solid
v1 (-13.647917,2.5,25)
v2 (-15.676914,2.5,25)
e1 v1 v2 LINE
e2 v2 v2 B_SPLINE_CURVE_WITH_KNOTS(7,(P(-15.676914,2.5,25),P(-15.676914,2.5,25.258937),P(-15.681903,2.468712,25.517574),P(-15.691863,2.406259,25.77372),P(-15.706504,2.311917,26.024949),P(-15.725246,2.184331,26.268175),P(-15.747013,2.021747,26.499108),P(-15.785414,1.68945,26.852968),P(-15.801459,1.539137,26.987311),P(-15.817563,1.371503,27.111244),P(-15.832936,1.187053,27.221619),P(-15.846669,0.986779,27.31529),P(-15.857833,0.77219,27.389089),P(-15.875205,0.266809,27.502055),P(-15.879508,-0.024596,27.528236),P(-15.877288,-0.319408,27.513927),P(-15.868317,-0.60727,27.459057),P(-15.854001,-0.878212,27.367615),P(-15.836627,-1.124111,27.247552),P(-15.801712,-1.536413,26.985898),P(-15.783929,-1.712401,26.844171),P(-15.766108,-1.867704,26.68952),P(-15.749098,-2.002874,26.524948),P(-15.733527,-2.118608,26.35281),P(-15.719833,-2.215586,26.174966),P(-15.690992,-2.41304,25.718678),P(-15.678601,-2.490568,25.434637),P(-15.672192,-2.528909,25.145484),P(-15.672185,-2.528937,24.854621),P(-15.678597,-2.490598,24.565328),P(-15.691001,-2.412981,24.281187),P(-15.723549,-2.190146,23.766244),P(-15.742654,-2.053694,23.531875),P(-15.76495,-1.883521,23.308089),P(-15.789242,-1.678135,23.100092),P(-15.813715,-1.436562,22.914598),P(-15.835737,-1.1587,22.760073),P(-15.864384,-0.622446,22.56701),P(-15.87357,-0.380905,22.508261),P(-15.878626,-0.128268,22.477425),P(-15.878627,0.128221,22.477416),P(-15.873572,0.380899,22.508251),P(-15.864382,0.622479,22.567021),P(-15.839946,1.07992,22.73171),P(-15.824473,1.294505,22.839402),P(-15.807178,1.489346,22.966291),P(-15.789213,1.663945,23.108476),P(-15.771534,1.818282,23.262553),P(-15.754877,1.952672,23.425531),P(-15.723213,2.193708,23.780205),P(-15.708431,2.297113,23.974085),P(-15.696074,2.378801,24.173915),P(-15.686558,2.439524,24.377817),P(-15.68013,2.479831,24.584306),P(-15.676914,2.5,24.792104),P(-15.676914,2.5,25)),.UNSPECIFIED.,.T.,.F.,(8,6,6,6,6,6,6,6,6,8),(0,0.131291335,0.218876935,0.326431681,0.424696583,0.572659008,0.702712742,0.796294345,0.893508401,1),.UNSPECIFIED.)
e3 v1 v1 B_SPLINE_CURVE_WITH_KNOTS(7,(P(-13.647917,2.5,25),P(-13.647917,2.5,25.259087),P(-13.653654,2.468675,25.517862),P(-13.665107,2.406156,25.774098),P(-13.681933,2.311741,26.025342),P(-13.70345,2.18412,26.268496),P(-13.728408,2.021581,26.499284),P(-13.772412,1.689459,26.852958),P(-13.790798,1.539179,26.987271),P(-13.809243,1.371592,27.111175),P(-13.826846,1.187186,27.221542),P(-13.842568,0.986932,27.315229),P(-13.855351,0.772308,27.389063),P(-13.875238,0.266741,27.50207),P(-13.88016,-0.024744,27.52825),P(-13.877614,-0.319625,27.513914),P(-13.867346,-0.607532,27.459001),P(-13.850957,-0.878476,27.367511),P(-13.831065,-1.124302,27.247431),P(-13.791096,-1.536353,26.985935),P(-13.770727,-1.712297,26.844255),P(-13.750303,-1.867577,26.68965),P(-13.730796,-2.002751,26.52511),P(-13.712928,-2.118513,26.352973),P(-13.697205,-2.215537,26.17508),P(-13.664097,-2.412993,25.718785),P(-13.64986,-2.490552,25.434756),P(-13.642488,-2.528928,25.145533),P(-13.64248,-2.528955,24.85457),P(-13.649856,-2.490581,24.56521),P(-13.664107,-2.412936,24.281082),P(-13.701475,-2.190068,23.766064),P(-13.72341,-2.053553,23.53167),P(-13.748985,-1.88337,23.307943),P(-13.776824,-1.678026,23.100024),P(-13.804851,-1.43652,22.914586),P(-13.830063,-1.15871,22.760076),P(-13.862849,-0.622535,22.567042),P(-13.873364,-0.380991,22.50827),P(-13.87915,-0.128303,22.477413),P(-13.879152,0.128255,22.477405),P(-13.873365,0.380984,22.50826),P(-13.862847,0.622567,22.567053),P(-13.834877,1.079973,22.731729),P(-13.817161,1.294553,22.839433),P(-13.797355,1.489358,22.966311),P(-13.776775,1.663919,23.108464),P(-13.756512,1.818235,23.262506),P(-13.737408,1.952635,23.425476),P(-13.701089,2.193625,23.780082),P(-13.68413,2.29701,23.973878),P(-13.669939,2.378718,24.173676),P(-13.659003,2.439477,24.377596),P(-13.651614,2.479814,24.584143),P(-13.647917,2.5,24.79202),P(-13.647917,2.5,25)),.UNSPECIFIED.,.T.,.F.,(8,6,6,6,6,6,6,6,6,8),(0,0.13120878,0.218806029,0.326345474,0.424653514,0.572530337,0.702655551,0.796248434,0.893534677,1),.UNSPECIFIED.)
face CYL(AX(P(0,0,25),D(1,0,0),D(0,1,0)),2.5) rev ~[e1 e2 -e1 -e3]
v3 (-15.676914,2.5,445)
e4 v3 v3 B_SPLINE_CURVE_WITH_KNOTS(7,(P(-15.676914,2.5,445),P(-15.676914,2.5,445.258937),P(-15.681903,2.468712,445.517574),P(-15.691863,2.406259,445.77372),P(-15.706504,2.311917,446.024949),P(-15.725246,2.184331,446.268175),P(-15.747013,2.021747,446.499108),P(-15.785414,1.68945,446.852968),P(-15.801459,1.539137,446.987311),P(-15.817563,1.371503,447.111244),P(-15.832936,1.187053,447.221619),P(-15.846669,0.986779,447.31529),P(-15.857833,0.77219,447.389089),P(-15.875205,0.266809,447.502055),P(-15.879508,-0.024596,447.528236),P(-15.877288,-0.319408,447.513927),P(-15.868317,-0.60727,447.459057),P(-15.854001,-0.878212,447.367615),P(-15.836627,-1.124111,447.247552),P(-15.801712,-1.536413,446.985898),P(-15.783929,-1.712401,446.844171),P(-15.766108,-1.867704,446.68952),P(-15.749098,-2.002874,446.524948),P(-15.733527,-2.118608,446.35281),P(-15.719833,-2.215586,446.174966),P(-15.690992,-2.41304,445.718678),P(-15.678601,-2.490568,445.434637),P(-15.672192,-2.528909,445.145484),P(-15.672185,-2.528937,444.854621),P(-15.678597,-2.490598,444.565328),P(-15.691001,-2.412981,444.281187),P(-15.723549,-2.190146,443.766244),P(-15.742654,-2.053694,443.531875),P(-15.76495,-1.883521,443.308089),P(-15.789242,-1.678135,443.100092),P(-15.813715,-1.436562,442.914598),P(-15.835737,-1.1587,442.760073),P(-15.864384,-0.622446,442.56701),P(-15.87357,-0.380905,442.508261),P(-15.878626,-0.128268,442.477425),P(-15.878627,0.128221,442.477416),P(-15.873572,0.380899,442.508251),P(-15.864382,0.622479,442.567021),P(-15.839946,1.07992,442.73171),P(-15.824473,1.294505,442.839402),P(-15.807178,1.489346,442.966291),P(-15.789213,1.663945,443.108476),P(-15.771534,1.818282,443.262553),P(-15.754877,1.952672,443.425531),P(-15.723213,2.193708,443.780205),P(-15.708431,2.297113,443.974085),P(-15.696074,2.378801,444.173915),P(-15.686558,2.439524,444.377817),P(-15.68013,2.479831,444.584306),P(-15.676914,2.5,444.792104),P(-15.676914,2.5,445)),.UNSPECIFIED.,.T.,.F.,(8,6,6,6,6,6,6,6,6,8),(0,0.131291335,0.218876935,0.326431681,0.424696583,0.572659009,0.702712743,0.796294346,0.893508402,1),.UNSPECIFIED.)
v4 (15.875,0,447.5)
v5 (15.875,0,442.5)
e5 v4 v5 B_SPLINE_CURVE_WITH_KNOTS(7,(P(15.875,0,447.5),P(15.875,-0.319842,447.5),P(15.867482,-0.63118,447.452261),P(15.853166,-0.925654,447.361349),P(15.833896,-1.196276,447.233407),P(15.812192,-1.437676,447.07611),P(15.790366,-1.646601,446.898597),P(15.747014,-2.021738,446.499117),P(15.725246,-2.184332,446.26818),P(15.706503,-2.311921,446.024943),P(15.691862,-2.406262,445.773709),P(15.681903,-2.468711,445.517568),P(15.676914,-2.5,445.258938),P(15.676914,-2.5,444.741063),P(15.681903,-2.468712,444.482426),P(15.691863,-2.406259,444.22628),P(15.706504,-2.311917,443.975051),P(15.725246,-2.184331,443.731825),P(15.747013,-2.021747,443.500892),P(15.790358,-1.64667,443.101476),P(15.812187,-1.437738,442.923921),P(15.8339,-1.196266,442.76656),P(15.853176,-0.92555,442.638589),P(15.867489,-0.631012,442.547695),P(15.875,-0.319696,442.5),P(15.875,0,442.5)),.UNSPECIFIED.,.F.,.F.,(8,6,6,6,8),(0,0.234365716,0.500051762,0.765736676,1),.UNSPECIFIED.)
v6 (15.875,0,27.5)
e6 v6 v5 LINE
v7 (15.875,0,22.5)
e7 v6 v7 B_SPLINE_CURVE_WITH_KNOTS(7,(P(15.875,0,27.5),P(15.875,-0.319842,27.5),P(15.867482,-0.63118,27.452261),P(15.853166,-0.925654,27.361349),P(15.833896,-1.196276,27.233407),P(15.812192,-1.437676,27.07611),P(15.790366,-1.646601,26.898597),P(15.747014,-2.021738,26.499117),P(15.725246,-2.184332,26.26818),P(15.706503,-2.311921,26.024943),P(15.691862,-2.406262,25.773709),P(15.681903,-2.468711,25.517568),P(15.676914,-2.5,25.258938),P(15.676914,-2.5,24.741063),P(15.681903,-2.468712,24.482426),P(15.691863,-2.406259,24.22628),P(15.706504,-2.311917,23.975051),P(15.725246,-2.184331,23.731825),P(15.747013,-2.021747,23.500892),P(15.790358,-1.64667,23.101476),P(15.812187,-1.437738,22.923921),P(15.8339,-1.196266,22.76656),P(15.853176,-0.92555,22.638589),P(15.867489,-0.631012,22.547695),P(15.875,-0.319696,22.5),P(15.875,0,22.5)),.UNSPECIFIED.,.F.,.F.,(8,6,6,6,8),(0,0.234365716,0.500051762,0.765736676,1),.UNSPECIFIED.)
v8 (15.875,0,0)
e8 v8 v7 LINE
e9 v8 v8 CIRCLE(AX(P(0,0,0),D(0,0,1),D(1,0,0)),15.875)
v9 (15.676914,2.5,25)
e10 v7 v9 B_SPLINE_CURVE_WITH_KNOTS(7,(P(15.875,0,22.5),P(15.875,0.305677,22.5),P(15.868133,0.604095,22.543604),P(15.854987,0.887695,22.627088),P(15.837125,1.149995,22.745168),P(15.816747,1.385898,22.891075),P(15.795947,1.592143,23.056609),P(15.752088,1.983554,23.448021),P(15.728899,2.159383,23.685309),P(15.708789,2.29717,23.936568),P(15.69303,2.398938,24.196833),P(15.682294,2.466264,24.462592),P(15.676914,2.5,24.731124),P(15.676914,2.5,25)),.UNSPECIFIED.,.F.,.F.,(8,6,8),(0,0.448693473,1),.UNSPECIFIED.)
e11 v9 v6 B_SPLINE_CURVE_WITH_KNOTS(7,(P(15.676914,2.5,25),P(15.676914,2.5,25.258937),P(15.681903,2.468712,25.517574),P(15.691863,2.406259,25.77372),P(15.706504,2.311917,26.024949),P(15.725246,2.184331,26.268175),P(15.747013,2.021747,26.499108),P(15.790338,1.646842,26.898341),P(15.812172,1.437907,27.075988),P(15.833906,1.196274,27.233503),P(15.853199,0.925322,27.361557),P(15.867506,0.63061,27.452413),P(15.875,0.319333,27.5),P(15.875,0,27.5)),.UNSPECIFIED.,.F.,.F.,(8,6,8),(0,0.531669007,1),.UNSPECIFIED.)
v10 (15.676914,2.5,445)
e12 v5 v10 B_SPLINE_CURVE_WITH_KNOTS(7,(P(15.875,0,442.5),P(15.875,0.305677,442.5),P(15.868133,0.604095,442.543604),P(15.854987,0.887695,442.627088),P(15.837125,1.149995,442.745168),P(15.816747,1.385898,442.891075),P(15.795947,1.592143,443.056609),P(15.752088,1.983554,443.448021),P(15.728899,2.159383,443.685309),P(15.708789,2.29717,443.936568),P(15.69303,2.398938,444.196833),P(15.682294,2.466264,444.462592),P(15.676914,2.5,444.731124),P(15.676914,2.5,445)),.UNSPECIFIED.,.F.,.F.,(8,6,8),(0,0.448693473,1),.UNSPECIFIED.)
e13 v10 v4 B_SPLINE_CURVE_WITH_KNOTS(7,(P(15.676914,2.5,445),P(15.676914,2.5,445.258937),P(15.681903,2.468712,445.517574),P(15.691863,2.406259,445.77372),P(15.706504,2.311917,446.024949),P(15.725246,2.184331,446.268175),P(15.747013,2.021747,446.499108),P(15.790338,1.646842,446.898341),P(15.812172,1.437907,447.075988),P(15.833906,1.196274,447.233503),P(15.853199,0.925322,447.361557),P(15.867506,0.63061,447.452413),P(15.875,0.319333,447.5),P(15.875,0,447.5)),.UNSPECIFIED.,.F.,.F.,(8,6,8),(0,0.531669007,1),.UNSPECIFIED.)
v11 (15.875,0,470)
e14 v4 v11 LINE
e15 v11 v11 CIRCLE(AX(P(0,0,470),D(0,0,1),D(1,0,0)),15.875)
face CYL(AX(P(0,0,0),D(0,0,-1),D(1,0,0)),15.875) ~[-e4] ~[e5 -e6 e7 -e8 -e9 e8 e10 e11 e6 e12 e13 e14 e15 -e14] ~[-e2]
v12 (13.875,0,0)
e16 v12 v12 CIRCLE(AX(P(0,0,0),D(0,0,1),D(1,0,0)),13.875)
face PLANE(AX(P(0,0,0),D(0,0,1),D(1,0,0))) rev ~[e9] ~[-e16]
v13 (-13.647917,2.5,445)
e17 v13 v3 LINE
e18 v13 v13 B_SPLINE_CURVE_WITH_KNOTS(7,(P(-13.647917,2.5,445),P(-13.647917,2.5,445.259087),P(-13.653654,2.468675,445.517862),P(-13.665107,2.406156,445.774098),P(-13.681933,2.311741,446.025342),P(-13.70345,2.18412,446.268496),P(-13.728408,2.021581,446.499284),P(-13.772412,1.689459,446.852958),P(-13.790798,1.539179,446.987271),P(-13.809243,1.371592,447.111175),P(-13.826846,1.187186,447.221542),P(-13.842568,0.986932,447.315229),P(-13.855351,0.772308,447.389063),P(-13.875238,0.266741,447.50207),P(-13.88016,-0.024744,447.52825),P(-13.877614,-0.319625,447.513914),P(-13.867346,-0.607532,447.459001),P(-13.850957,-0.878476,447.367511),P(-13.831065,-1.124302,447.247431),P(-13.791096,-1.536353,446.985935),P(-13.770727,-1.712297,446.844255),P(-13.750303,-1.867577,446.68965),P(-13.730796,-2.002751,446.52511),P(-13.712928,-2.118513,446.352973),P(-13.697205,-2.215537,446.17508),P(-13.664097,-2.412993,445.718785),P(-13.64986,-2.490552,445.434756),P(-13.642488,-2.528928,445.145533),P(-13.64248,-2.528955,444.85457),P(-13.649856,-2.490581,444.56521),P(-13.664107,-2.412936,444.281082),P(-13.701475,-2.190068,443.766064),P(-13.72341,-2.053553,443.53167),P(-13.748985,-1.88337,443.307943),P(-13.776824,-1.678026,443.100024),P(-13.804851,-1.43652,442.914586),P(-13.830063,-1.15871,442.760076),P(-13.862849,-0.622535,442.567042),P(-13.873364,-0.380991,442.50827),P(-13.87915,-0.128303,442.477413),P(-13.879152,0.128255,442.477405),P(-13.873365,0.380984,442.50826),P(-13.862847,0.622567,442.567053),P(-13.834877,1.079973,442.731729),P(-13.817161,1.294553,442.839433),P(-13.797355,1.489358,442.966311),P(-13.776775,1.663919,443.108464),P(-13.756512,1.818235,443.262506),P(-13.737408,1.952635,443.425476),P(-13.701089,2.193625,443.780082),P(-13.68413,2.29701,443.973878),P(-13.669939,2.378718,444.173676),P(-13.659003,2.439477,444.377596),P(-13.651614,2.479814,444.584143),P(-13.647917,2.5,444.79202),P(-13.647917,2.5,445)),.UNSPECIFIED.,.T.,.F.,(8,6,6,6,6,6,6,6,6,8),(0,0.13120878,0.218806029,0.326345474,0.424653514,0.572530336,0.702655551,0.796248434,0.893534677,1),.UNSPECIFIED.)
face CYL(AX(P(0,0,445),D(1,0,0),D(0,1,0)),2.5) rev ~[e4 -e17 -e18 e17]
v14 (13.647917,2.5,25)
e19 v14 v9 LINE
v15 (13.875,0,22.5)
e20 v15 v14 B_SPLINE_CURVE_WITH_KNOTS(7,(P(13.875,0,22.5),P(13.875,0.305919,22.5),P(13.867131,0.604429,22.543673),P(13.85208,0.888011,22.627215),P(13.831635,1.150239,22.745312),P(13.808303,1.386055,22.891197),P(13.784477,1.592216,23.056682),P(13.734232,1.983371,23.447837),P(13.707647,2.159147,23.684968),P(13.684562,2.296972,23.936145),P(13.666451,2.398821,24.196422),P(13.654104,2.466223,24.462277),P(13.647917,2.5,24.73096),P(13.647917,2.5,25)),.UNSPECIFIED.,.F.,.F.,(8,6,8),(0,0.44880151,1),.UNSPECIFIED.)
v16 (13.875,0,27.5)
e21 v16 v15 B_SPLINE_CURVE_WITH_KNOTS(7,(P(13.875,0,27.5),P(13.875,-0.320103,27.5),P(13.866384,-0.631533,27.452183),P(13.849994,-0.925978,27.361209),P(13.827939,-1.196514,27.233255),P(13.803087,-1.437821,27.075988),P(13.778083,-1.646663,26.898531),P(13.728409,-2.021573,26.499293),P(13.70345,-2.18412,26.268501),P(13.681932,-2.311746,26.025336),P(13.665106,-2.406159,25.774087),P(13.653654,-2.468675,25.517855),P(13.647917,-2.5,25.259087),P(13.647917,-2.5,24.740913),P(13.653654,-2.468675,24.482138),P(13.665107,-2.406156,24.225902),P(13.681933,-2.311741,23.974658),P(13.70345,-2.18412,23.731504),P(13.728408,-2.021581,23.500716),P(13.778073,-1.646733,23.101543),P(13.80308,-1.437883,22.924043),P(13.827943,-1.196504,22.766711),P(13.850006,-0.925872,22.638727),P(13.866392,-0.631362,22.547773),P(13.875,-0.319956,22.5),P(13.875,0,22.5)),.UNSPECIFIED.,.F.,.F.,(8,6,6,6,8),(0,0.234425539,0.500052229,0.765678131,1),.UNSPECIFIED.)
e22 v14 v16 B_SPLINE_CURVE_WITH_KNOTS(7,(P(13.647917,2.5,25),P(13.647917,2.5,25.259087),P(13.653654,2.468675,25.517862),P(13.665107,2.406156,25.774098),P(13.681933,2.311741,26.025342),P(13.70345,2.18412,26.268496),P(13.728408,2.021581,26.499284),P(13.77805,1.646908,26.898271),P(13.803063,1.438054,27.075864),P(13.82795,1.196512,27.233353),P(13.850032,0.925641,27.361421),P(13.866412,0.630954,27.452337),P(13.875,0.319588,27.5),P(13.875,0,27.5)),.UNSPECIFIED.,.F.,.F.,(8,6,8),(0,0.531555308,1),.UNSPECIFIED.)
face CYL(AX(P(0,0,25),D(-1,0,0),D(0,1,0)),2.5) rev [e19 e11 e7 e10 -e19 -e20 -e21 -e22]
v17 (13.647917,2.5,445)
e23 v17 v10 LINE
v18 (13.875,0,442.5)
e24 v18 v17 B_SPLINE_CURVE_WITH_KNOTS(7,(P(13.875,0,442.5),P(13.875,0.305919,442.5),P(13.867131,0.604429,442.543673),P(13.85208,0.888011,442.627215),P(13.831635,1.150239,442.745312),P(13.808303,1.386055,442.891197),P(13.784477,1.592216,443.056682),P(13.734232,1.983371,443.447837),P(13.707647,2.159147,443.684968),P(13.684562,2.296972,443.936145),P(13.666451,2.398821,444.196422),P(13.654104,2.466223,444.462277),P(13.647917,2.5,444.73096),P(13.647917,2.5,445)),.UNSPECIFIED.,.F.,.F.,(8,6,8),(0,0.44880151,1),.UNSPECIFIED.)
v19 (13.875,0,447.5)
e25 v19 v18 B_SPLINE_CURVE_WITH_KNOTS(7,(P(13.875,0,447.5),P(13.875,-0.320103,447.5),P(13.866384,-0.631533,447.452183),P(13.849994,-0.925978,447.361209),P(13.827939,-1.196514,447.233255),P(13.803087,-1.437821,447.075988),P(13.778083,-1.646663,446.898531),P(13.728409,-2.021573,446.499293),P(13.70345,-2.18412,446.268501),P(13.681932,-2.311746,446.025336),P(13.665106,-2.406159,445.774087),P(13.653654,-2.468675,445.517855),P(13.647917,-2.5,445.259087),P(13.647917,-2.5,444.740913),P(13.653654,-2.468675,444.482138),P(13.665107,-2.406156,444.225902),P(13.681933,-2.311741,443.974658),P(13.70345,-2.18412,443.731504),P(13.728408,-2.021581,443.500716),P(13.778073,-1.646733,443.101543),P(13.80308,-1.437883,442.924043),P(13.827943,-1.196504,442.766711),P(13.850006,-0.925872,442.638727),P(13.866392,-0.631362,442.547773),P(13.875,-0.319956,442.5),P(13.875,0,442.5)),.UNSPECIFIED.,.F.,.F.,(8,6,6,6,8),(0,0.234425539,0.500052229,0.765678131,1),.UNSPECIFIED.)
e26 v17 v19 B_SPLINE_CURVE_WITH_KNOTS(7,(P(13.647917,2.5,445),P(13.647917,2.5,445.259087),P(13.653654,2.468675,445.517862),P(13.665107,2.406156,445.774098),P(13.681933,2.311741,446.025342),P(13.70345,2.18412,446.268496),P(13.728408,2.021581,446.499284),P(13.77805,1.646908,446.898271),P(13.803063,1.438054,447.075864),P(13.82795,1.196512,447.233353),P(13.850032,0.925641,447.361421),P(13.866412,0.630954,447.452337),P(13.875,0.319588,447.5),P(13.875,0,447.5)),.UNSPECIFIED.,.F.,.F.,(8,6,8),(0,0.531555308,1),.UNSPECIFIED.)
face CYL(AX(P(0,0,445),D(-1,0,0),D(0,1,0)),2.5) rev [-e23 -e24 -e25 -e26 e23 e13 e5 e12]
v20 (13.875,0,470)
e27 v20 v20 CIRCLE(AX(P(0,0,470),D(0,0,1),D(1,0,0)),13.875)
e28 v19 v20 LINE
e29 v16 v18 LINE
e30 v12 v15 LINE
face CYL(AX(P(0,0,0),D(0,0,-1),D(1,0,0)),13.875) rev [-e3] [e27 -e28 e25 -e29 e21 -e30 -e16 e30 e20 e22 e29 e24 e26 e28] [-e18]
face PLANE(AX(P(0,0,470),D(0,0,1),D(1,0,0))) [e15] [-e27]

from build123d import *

# Parameters (mm, degrees)
F0_R          = 15.875
F0_R_2        = 13.875
F1_DEPTH      = 470
F2_R          = 2.5
F3_DEPTH      = 30
F3_DEPTH_BACK = 30
F4_R          = 2.5
F5_DEPTH      = 25
F5_DEPTH_BACK = 25


with BuildPart() as f1:
    # F0 (on Top) → F1 (new body)
    with BuildSketch(Plane.XY):
        Circle(F0_R)
        Circle(F0_R_2, mode=Mode.SUBTRACT)
    extrude(amount=F1_DEPTH)

    # F2 (on Right) → F3 (cut, two sides)
    with BuildSketch(Plane.YZ) as f3_sk:
        with Locations((0, 25)):
            Circle(F2_R)
    extrude(amount=F3_DEPTH, mode=Mode.SUBTRACT)
    extrude(f3_sk.sketch, amount=-F3_DEPTH_BACK, mode=Mode.SUBTRACT)

    # F4 (on Right) → F5 (cut, two sides)
    with BuildSketch(Plane.YZ) as f5_sk:
        with Locations((0, 445)):
            Circle(F4_R)
    extrude(amount=-F5_DEPTH, mode=Mode.SUBTRACT)
    extrude(f5_sk.sketch, amount=F5_DEPTH_BACK, mode=Mode.SUBTRACT)


solid = f1.part
